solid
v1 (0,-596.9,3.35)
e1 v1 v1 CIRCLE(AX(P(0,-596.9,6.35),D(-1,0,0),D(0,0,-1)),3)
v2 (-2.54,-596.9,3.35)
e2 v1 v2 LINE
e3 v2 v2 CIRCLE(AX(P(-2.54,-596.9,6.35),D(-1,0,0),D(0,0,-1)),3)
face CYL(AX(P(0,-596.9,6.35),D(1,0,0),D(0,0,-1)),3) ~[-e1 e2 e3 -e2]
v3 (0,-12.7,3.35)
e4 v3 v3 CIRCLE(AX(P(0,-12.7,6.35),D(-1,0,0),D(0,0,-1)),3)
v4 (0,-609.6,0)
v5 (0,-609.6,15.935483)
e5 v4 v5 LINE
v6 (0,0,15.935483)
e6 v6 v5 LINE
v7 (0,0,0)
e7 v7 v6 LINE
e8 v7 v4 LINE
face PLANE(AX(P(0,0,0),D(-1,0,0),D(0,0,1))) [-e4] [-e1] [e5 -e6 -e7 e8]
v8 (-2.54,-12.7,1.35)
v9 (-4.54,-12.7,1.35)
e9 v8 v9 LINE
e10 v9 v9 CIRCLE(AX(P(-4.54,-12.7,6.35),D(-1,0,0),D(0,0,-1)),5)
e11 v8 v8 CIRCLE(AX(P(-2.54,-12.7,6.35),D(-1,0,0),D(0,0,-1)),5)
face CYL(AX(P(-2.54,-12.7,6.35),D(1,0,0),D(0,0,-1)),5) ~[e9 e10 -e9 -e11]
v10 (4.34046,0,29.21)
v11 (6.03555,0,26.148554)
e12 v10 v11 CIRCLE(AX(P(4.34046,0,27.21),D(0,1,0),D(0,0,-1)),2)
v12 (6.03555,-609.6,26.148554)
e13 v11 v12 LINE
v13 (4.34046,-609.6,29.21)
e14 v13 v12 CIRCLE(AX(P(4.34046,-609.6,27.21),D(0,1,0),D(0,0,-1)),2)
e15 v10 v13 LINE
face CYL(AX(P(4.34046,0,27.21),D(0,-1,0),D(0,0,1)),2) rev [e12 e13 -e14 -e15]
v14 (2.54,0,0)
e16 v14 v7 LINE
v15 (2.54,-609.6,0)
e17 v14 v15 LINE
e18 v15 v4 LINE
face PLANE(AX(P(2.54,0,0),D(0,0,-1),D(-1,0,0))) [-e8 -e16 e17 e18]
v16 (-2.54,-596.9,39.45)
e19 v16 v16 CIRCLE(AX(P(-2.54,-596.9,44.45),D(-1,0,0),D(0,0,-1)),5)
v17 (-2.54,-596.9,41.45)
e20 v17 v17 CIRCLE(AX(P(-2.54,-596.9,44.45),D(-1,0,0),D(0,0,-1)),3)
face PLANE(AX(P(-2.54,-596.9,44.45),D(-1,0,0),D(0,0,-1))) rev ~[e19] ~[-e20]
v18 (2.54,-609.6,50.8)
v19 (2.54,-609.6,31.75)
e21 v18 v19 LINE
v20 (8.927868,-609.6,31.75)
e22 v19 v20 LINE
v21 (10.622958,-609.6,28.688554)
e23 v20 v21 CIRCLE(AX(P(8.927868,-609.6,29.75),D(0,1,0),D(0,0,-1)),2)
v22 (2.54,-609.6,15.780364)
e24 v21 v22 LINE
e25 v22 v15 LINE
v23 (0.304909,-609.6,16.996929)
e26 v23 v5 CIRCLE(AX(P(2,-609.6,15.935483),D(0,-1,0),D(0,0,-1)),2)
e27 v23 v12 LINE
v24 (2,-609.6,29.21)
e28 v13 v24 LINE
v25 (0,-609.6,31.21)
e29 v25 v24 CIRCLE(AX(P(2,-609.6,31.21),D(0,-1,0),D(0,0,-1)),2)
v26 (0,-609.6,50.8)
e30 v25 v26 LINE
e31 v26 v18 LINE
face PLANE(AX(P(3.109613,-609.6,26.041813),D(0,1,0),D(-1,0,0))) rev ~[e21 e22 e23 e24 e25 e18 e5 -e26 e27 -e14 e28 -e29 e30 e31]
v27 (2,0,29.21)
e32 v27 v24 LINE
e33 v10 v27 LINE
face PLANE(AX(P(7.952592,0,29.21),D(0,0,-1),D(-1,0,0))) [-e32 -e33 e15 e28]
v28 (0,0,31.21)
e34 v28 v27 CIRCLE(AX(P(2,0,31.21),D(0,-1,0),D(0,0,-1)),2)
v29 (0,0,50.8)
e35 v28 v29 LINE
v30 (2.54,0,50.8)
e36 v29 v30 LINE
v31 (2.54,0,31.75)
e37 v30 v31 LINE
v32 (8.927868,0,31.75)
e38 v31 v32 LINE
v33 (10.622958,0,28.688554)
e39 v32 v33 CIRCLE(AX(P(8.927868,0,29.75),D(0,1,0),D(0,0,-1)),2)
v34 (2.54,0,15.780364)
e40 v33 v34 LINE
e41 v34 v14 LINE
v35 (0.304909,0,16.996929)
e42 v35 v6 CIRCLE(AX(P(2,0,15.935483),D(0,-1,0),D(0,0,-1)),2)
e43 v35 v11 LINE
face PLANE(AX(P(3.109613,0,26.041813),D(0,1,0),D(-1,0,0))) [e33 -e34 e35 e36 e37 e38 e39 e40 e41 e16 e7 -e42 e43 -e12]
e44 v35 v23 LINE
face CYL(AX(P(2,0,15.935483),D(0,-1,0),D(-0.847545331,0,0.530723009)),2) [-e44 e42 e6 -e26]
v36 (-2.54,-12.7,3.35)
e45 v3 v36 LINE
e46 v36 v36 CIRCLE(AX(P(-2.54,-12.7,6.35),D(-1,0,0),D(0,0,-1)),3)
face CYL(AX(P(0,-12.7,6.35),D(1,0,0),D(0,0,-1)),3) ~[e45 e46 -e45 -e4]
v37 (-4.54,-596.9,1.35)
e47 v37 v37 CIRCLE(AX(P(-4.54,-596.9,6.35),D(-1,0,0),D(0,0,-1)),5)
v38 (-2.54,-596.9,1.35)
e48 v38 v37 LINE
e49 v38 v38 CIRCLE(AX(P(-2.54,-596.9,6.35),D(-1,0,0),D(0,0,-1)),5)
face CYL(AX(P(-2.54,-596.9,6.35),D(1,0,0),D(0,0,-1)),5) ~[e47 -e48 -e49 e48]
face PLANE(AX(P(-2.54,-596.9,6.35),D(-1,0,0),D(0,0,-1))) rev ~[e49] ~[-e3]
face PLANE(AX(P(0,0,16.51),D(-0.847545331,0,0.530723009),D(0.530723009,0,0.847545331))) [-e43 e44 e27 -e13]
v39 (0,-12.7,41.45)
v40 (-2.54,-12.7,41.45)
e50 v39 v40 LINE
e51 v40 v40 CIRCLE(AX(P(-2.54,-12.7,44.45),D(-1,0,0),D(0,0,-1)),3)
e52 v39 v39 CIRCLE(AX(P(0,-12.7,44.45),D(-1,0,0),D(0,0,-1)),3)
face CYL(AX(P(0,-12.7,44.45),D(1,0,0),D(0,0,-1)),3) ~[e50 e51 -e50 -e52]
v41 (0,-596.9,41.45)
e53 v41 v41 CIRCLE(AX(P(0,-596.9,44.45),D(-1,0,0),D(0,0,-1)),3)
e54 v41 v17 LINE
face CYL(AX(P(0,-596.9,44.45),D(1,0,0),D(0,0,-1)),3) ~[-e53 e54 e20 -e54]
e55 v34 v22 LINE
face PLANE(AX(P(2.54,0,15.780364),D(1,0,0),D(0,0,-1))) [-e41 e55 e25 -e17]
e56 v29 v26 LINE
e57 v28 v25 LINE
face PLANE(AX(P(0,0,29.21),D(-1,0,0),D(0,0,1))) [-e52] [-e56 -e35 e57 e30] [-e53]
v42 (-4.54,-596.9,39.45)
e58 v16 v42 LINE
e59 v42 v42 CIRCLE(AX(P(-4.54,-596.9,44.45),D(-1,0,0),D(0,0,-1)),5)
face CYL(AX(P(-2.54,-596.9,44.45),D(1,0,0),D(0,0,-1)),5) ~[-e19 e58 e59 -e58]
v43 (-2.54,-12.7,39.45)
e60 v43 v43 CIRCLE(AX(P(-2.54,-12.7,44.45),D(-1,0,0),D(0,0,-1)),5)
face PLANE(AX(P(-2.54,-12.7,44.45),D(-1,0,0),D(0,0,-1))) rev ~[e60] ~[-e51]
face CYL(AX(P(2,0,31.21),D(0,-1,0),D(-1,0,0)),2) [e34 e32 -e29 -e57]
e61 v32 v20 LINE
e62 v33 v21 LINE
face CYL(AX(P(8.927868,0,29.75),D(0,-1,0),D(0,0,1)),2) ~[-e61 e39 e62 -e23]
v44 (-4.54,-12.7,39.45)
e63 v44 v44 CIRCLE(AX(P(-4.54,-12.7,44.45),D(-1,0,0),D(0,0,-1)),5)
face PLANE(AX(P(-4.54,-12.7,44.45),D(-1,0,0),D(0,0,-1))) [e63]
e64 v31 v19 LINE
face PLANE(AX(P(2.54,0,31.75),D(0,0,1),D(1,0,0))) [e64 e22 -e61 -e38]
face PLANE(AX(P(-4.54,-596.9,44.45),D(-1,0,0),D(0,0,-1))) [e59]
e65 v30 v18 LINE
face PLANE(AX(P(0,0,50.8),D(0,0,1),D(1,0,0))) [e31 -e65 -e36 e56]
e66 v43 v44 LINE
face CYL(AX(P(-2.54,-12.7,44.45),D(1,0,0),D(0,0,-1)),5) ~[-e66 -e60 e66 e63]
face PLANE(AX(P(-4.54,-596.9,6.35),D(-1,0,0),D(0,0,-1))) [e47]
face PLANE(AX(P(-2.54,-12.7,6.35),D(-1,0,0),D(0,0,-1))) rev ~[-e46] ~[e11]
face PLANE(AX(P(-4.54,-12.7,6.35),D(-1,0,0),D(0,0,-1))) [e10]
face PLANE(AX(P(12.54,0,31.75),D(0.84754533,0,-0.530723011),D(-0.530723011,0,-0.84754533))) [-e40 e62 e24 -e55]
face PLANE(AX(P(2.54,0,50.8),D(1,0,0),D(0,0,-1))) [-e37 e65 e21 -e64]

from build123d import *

# Parameters (mm, degrees)
PAD_DEPTH    = 609.6
SKETCH001_R  = 3
PAD001_DEPTH = 2.54
SKETCH002_R  = 5
PAD002_DEPTH = 2
FILLET_R     = 2


with BuildPart() as part:
    # Sketch → Pad (new body)
    with BuildSketch(Plane.XZ):
        Polygon((0, 0), (0, 16.51), (7.952592, 29.21), (0, 29.21), (0, 50.8), (2.54, 50.8), (2.54, 31.75), (12.54, 31.75), (2.54, 15.780364), (2.54, 0), align=None)
    extrude(amount=PAD_DEPTH)

    # Sketch001 (on Face4 of Pad) → Pad001 (join)
    with BuildSketch(Plane(origin=(0, 0, 0), x_dir=(0, 0, -1), z_dir=(-1, 0, 0))):
        with Locations((-44.45, 12.7)):
            Circle(SKETCH001_R)
        with Locations((-6.35, 12.7)):
            Circle(SKETCH001_R)
        with Locations((-44.45, 596.9)):
            Circle(SKETCH001_R)
        with Locations((-6.35, 596.9)):
            Circle(SKETCH001_R)
    extrude(amount=PAD001_DEPTH)

    # Sketch002 (on Face20 of Pad001) → Pad002 (join)
    with BuildSketch(Plane(origin=(-2.54, 0, 0), x_dir=(0, 0, -1), z_dir=(-1, 0, 0))):
        with Locations((-44.45, 12.7)):
            Circle(SKETCH002_R)
        with Locations((-6.35, 596.9)):
            Circle(SKETCH002_R)
        with Locations((-44.45, 596.9)):
            Circle(SKETCH002_R)
        with Locations((-6.35, 12.7)):
            Circle(SKETCH002_R)
    extrude(amount=PAD002_DEPTH)

    # Fillet
    fillet_edges = [part.edges().sort_by_distance(p)[0] for p in [
        (0, -304.8, 29.21),
        (0, -304.8, 16.51),
        (12.54, -304.8, 31.75),
        (7.952592, -304.8, 29.21),
    ]]
    fillet(fillet_edges, radius=FILLET_R)


solid = part.part
